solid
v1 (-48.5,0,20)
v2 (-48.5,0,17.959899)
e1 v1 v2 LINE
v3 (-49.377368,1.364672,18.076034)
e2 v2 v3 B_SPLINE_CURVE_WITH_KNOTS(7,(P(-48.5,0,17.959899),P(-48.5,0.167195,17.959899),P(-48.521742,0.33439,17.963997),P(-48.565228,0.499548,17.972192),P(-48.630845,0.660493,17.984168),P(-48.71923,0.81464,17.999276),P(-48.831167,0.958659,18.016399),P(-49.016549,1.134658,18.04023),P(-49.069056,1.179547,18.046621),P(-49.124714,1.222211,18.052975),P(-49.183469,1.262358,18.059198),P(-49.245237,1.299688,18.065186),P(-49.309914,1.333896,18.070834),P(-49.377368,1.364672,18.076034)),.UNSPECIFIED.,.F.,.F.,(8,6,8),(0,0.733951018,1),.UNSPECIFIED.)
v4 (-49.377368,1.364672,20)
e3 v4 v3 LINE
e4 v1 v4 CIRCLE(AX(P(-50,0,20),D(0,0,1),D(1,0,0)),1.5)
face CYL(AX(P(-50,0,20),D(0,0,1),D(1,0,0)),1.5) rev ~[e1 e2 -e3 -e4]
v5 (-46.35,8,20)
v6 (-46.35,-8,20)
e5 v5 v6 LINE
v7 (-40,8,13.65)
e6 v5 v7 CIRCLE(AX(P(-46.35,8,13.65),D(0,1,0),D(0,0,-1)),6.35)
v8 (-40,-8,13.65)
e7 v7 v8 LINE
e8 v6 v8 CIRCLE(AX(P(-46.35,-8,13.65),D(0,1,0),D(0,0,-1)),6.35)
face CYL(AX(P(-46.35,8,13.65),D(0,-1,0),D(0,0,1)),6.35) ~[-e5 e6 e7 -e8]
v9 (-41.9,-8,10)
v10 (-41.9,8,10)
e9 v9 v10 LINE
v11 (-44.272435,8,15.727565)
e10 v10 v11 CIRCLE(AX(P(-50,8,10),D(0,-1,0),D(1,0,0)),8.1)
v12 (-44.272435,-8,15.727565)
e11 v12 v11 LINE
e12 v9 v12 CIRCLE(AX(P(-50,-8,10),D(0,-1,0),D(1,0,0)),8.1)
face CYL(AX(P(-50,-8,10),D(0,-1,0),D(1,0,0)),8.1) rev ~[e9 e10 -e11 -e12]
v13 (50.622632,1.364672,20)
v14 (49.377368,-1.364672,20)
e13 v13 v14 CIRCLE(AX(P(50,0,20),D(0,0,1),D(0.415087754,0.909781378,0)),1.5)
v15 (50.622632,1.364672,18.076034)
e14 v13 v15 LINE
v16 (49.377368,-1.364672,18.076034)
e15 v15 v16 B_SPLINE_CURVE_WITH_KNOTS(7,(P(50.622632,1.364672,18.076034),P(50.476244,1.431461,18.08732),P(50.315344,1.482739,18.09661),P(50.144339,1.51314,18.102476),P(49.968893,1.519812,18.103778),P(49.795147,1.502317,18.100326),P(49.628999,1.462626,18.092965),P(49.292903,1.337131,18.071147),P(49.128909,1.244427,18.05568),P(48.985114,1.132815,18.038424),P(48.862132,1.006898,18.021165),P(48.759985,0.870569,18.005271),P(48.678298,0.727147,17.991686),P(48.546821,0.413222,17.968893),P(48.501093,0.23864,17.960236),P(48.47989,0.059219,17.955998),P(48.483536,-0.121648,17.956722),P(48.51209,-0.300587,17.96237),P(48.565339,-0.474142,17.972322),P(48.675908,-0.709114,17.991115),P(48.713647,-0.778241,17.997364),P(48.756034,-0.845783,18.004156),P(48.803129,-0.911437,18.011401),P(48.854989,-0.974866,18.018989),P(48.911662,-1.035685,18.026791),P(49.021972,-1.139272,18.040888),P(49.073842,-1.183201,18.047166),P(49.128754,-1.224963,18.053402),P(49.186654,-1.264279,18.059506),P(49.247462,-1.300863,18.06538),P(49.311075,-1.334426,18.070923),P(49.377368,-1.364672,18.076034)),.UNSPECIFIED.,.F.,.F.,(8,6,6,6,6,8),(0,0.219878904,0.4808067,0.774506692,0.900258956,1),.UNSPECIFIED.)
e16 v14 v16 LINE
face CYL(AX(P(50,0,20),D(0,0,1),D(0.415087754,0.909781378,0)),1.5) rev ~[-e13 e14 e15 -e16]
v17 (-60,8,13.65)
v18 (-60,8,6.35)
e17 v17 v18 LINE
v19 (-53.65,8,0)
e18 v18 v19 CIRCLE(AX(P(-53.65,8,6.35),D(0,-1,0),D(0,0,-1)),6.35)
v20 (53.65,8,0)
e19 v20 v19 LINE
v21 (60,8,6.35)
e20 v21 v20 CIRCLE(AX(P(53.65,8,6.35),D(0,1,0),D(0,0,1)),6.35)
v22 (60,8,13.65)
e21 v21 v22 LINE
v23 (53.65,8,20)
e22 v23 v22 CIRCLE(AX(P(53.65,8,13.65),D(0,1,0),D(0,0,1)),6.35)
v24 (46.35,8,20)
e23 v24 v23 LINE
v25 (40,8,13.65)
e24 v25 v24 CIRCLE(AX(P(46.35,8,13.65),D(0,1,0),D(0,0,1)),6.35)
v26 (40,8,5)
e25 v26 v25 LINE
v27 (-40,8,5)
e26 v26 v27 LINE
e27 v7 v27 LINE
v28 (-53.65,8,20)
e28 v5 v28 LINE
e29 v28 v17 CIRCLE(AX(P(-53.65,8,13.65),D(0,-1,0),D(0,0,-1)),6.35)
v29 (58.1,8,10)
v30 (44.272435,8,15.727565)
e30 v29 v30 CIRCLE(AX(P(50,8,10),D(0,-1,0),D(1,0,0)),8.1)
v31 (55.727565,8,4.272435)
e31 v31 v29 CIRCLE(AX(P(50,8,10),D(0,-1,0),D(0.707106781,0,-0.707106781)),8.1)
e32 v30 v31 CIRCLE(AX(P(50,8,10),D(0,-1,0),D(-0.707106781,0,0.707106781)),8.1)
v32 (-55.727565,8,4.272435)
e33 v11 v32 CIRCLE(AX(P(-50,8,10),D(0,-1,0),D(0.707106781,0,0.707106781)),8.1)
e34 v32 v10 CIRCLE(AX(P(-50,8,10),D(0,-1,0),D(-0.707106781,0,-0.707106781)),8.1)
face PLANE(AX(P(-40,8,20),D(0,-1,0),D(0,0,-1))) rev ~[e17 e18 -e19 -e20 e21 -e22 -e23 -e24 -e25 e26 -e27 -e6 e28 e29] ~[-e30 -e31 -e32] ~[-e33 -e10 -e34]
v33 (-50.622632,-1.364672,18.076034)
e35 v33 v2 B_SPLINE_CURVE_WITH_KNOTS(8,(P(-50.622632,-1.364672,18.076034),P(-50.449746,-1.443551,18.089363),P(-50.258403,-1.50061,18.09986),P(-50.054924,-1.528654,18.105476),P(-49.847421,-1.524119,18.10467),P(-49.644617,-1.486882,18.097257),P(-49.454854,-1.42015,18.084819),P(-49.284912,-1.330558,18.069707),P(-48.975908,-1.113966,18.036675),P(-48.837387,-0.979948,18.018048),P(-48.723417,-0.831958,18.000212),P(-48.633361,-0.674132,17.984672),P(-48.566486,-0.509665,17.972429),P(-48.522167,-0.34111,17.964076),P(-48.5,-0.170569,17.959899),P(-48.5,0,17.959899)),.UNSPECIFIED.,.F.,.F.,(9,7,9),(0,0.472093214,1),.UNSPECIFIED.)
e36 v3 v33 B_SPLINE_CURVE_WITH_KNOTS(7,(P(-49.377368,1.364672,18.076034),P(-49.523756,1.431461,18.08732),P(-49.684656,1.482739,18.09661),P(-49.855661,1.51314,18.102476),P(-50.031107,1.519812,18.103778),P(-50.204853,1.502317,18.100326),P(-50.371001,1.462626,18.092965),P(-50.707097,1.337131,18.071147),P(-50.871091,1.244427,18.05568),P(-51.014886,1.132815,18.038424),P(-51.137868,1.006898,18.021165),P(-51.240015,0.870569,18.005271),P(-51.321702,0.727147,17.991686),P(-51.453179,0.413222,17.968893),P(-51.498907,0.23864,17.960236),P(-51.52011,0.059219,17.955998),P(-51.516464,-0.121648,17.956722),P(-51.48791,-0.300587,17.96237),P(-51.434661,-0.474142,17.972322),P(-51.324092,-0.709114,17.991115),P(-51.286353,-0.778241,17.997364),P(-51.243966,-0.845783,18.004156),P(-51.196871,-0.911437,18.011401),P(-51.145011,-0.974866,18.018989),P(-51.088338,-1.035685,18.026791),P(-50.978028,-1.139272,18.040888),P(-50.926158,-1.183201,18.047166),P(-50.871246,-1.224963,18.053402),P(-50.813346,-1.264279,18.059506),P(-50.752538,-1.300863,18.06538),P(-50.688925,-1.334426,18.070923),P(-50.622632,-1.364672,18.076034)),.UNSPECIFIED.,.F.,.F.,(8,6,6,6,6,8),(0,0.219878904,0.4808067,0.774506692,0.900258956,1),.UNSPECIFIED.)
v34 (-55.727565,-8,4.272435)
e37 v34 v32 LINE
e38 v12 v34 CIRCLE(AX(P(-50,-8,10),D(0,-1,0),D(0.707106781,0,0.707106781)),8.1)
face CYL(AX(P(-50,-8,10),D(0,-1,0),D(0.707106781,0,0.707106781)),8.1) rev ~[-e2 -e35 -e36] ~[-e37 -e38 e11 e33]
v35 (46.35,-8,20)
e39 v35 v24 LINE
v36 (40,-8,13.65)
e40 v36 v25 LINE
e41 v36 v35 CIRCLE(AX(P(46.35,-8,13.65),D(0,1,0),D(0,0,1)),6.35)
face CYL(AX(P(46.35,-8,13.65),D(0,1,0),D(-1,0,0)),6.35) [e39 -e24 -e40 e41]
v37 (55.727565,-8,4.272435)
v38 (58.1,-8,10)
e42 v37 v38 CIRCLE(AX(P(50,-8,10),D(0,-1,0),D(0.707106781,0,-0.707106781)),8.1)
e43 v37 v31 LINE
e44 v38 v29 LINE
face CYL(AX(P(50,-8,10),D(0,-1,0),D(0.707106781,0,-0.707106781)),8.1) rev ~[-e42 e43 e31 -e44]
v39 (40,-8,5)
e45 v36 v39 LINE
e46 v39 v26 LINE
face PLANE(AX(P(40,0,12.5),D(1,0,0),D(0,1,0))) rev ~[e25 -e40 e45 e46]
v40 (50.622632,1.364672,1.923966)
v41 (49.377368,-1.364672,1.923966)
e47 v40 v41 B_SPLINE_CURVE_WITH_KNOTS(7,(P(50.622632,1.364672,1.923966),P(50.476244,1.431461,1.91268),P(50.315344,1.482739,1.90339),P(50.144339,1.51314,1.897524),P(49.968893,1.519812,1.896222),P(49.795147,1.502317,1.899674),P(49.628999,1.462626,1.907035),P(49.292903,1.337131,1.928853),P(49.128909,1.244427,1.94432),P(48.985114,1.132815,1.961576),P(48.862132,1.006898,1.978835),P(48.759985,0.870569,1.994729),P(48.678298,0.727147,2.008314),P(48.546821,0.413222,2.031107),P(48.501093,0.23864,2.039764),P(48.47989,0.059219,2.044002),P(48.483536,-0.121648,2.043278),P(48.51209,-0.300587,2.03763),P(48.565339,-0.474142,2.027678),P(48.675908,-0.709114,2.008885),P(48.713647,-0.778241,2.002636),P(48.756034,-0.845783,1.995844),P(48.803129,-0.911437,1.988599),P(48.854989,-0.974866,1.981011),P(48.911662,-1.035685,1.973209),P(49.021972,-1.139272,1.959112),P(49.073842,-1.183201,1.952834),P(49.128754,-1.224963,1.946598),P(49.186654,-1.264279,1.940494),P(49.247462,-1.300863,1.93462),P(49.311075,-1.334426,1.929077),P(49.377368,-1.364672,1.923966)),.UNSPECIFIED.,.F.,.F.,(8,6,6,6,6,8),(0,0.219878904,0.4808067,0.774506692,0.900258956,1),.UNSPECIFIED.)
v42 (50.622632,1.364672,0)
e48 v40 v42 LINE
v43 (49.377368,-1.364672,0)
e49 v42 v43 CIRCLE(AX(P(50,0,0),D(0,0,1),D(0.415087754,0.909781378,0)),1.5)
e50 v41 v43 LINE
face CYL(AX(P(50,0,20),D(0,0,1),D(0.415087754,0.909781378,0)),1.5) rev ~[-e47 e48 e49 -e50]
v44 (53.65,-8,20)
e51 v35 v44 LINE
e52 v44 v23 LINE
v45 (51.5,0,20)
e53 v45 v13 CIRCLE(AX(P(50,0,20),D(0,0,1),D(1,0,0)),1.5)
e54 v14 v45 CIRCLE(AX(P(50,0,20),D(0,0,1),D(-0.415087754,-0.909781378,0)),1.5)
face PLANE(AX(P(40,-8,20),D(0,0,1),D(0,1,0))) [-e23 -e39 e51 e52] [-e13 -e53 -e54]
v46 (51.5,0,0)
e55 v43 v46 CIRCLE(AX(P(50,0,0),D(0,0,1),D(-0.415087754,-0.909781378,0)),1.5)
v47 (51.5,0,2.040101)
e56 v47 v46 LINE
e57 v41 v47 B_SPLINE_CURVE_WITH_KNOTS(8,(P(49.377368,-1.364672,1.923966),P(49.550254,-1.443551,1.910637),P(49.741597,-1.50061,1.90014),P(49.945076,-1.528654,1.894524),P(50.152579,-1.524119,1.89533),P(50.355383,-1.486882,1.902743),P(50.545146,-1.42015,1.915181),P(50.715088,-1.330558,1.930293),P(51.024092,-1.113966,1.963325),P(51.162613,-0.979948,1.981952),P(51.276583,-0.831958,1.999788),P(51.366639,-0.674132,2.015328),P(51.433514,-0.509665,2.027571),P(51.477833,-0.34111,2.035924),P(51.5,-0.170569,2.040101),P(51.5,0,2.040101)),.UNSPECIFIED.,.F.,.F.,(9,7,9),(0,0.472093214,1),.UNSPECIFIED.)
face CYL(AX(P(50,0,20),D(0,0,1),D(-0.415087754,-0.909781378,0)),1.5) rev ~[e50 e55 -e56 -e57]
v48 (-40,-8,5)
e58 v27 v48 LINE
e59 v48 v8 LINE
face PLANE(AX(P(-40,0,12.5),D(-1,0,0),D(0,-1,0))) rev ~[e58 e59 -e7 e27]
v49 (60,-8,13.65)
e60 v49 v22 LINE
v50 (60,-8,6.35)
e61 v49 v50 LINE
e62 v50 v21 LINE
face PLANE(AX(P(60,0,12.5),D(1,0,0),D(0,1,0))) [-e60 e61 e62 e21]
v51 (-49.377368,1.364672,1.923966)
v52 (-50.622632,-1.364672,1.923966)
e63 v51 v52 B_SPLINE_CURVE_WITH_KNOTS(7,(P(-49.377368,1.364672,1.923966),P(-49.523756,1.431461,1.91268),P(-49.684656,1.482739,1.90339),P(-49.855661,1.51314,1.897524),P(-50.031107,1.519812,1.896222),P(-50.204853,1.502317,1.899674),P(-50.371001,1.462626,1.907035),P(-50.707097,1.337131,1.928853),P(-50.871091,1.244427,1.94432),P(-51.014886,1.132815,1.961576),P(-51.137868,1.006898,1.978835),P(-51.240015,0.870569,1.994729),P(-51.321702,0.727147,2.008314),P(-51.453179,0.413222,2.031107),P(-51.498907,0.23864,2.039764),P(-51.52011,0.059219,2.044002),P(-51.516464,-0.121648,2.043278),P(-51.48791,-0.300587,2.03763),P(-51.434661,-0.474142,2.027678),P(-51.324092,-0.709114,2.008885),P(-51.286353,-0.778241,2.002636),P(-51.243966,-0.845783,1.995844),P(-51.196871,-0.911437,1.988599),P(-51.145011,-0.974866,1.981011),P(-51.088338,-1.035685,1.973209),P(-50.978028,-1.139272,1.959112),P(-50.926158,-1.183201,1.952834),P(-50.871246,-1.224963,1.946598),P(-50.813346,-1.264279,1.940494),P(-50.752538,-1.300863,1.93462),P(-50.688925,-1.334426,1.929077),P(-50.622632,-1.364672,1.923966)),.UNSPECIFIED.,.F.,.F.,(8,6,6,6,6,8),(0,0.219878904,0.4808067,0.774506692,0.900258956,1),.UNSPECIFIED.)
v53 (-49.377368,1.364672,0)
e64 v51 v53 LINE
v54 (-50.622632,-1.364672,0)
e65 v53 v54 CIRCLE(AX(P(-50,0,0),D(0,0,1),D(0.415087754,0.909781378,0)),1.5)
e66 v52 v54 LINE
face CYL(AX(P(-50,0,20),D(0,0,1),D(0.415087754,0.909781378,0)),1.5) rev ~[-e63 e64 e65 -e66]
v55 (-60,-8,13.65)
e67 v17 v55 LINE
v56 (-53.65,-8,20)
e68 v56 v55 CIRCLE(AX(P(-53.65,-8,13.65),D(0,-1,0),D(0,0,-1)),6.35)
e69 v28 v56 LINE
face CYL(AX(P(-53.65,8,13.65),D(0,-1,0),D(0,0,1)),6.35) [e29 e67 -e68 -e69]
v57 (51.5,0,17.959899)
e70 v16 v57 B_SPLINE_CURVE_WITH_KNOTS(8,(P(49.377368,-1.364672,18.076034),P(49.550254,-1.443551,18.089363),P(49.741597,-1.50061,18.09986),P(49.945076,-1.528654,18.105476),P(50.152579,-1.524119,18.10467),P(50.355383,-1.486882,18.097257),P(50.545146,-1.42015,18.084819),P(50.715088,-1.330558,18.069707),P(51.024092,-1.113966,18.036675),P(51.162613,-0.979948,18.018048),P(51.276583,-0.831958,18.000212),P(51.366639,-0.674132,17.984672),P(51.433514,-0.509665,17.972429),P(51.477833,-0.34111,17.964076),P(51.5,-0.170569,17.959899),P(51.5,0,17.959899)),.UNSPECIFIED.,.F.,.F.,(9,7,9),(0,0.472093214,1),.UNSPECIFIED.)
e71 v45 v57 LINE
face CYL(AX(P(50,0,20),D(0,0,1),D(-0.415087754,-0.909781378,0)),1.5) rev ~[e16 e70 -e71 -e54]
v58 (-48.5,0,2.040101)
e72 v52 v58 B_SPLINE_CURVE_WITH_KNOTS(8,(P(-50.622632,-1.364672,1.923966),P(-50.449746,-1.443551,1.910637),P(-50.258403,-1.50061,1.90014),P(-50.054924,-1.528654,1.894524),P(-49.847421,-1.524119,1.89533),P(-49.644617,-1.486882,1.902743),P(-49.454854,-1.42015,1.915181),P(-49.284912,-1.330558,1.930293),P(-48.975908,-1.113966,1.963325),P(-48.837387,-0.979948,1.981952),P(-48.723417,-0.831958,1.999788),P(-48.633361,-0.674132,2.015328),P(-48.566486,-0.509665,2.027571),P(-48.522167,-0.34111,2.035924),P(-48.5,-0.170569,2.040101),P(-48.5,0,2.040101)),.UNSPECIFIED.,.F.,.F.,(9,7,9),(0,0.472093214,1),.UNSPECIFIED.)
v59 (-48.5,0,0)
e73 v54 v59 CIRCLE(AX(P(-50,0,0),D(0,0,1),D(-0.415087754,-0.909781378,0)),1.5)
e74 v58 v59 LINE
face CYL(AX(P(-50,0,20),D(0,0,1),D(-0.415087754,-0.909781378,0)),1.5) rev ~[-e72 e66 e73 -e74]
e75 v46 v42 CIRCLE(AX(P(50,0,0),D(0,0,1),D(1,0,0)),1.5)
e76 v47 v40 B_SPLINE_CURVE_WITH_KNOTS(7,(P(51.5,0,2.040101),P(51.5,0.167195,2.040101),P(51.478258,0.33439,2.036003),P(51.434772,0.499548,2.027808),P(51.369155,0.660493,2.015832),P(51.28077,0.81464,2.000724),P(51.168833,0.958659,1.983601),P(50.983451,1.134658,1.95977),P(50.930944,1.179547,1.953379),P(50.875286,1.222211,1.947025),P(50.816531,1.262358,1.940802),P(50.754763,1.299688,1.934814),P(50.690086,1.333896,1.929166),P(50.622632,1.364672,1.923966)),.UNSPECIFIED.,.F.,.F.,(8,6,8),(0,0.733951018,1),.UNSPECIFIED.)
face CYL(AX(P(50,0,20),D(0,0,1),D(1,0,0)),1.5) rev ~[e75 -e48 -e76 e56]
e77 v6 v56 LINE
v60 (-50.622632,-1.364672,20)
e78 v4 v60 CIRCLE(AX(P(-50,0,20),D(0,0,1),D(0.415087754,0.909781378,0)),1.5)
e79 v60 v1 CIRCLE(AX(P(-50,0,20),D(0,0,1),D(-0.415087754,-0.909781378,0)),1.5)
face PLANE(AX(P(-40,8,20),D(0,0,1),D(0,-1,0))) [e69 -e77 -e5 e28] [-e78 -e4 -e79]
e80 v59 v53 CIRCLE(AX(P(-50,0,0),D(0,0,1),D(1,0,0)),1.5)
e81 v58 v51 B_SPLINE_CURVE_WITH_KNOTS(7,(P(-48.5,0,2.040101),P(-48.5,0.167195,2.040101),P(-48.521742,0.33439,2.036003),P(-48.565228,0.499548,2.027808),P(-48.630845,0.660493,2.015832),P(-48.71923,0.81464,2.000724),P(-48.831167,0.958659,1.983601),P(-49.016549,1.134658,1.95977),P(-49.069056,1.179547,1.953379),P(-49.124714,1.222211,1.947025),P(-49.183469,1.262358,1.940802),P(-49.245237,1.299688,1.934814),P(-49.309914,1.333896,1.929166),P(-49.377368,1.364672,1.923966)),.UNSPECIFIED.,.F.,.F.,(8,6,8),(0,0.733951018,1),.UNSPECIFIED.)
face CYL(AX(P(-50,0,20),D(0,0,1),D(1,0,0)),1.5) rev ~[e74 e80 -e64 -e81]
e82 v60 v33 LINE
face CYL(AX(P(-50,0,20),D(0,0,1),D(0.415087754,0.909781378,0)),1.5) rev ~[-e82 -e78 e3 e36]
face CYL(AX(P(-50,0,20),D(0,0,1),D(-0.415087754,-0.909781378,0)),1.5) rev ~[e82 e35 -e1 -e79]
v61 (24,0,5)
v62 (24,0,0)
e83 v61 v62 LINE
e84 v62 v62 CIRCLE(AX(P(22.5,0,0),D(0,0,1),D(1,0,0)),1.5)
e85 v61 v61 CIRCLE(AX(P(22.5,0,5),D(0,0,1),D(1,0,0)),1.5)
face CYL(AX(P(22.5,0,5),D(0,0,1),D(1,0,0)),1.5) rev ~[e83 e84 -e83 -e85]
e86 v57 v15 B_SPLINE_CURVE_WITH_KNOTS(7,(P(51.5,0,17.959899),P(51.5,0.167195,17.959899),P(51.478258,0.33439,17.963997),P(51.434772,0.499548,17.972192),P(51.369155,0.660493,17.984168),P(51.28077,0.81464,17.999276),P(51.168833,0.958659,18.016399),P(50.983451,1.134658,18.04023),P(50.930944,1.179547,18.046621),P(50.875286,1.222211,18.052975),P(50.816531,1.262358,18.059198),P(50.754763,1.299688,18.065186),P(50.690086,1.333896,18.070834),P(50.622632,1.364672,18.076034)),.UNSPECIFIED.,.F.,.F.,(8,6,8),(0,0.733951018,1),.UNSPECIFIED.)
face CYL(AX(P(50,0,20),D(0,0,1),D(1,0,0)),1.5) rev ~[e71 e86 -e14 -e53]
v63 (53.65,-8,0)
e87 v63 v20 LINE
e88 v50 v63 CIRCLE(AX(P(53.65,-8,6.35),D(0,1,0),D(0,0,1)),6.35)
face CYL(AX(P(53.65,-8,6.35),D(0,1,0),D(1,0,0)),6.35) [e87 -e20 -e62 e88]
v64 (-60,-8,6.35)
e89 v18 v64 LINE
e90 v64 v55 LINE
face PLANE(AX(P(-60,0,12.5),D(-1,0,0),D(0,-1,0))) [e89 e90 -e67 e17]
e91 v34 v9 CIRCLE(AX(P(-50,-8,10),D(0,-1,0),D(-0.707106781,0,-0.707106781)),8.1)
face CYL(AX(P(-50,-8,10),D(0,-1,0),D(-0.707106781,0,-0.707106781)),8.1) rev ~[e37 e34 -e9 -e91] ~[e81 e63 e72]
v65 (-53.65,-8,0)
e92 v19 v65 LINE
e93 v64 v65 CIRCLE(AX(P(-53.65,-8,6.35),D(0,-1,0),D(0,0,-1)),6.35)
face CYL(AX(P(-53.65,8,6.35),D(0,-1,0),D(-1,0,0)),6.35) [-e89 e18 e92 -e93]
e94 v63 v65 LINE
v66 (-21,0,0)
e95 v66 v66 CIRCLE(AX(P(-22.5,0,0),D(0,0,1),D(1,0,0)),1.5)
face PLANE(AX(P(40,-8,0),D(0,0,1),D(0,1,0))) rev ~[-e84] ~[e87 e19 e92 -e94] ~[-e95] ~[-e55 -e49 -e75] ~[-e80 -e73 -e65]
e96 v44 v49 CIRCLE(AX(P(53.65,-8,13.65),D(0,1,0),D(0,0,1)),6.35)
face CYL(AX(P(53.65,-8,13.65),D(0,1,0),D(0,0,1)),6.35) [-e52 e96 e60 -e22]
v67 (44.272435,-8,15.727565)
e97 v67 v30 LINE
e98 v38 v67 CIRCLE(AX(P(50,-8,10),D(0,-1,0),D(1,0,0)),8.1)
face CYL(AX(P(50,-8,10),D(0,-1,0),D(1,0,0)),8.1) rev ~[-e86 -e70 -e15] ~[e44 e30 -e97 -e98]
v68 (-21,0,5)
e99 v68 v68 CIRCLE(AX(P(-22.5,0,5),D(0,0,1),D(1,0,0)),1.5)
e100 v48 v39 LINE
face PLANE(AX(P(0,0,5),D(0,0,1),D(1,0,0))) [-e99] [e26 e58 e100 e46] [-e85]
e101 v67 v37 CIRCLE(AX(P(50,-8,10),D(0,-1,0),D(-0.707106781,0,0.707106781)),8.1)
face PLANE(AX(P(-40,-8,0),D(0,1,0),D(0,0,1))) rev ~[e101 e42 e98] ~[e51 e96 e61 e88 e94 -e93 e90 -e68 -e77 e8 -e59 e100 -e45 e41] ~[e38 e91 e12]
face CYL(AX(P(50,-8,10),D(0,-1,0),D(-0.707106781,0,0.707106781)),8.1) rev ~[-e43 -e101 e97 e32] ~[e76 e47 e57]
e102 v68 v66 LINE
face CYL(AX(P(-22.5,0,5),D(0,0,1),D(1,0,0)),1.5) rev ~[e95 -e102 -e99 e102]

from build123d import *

# Parameters (mm, degrees)
F1_DEPTH  = 5
F3_DEPTH  = 80
F4_W      = 16
F4_H      = 15
F4_H_2    = 5
F5_DEPTH  = 20
F7_W      = 16
F7_H      = 15
F7_H_2    = 5
F8_DEPTH  = 20
F10_DEPTH = 16
F11_R     = 6.35
F13_DEPTH = 80
F16_DEPTH = 20
F18_DEPTH = 10


with BuildPart() as f1:
    # F0 (on Top) → F1 (new body)
    with BuildSketch(Plane.XY):
        Polygon((40, 0), (40, 8), (-40, 8), (-40, 0), (-40, -8), (40, -8), align=None)
    extrude(amount=F1_DEPTH)

    # F2 (on face) → F3 (join)
    with BuildSketch(Plane.YZ.offset(40)):
        Polygon((8, 0), (-8, 0), (8, -16), align=None)
    extrude(amount=-F3_DEPTH)

    # F4 (on face) → F5 (join)
    with BuildSketch(Plane.YZ.offset(40)):
        with Locations((0, 12.5)):
            Rectangle(F4_W, F4_H)
        with Locations((0, 2.5)):
            Rectangle(F4_W, F4_H_2)
    extrude(amount=F5_DEPTH)

    # F7 (on face) → F8 (join)
    with BuildSketch(Plane(origin=(-40, 0, 0), x_dir=(0, -1, 0), z_dir=(-1, 0, 0))):
        with Locations((0, 12.5)):
            Rectangle(F7_W, F7_H)
        with Locations((0, 2.5)):
            Rectangle(F7_W, F7_H_2)
    extrude(amount=F8_DEPTH)

    # F9 (on face) + F6 (on face) → F10 (cut)
    with BuildSketch(Plane.XZ.offset(8)):
        with BuildLine():
            ThreePointArc((-44.2724350724, 15.7275649276), (-55.7275649276, 15.7275649276), (-55.7275649276, 4.2724350724))
            Line((-55.7275649276, 4.2724350724), (-50, 10))
            Line((-50, 10), (-44.2724350724, 15.7275649276))
        make_face()
        with BuildLine():
            Line((-50, 10), (-55.7275649276, 4.2724350724))
            ThreePointArc((-55.7275649276, 4.2724350724), (-46.9002641978, 2.5165757867), (-41.9, 10))
            ThreePointArc((-41.9, 10), (-42.5165757867, 13.0997358022), (-44.2724350724, 15.7275649276))
            Line((-44.2724350724, 15.7275649276), (-50, 10))
        make_face()
    with BuildSketch(Plane.XZ.offset(8)):
        with BuildLine():
            ThreePointArc((44.2724350724, 15.7275649276), (44.2724350724, 4.2724350724), (55.7275649276, 4.2724350724))
            Line((55.7275649276, 4.2724350724), (50, 10))
            Line((50, 10), (44.2724350724, 15.7275649276))
        make_face()
        with BuildLine():
            Line((50, 10), (55.7275649276, 4.2724350724))
            ThreePointArc((55.7275649276, 4.2724350724), (57.4834242133, 6.9002641978), (58.1, 10))
            ThreePointArc((58.1, 10), (53.0997358022, 17.4834242133), (44.2724350724, 15.7275649276))
            Line((44.2724350724, 15.7275649276), (50, 10))
        make_face()
    extrude(amount=-F10_DEPTH, mode=Mode.SUBTRACT)

    # F11
    f11_edges = [f1.edges().sort_by_distance(p)[0] for p in [
        (40, 0, 20),
        (60, 0, 20),
        (60, 0, 0),
        (-60, 0, 0),
        (-60, 0, 20),
        (-40, 0, 20),
    ]]
    fillet(f11_edges, radius=F11_R)

    # F12 (on face) → F13 (cut)
    with BuildSketch(Plane.YZ.offset(40)):
        Polygon((8, -16), (8, 0), (-8, 0), align=None)
    extrude(amount=-F13_DEPTH, mode=Mode.SUBTRACT)

    # F14 (on face) + F15 (on face) → F16 (cut)
    with BuildSketch(Plane.XY.offset(20)):
        with BuildLine():
            Line((-50, 0), (-50.6226316309, -1.3646720677))
            ThreePointArc((-50.6226316309, -1.3646720677), (-49.1888118117, -1.2617344107), (-48.5, 0))
            ThreePointArc((-48.5, 0), (-48.7382655893, 0.8111881883), (-49.3773683691, 1.3646720677))
            Line((-49.3773683691, 1.3646720677), (-50, 0))
        make_face()
        with BuildLine():
            ThreePointArc((-49.3773683691, 1.3646720677), (-51.3646720677, 0.6226316309), (-50.6226316309, -1.3646720677))
            Line((-50.6226316309, -1.3646720677), (-50, 0))
            Line((-50, 0), (-49.3773683691, 1.3646720677))
        make_face()
    with BuildSketch(Plane.XY.offset(20)):
        with BuildLine():
            Line((50, 0), (49.3773683691, -1.3646720677))
            ThreePointArc((49.3773683691, -1.3646720677), (50.8111881883, -1.2617344107), (51.5, 0))
            ThreePointArc((51.5, 0), (51.2617344107, 0.8111881883), (50.6226316309, 1.3646720677))
            Line((50.6226316309, 1.3646720677), (50, 0))
        make_face()
        with BuildLine():
            ThreePointArc((50.6226316309, 1.3646720677), (48.6353279323, 0.6226316309), (49.3773683691, -1.3646720677))
            Line((49.3773683691, -1.3646720677), (50, 0))
            Line((50, 0), (50.6226316309, 1.3646720677))
        make_face()
    extrude(amount=-F16_DEPTH, mode=Mode.SUBTRACT)

    # F17 (on face) → F18 (cut)
    with BuildSketch(Plane.XY.offset(5)):
        with BuildLine():
            Line((-22.5, 0), (-24, 0))
            ThreePointArc((-24, 0), (-22.5, -1.5), (-21, 0))
            Line((-21, 0), (-22.5, 0))
        make_face()
        with BuildLine():
            ThreePointArc((-21, 0), (-22.5, 1.5), (-24, 0))
            Line((-24, 0), (-22.5, 0))
            Line((-22.5, 0), (-21, 0))
        make_face()
        with BuildLine():
            Line((22.5, 0), (21, 0))
            ThreePointArc((21, 0), (22.5, -1.5), (24, 0))
            Line((24, 0), (22.5, 0))
        make_face()
        with BuildLine():
            ThreePointArc((24, 0), (22.5, 1.5), (21, 0))
            Line((21, 0), (22.5, 0))
            Line((22.5, 0), (24, 0))
        make_face()
    extrude(amount=-F18_DEPTH, mode=Mode.SUBTRACT)


solid = f1.part
